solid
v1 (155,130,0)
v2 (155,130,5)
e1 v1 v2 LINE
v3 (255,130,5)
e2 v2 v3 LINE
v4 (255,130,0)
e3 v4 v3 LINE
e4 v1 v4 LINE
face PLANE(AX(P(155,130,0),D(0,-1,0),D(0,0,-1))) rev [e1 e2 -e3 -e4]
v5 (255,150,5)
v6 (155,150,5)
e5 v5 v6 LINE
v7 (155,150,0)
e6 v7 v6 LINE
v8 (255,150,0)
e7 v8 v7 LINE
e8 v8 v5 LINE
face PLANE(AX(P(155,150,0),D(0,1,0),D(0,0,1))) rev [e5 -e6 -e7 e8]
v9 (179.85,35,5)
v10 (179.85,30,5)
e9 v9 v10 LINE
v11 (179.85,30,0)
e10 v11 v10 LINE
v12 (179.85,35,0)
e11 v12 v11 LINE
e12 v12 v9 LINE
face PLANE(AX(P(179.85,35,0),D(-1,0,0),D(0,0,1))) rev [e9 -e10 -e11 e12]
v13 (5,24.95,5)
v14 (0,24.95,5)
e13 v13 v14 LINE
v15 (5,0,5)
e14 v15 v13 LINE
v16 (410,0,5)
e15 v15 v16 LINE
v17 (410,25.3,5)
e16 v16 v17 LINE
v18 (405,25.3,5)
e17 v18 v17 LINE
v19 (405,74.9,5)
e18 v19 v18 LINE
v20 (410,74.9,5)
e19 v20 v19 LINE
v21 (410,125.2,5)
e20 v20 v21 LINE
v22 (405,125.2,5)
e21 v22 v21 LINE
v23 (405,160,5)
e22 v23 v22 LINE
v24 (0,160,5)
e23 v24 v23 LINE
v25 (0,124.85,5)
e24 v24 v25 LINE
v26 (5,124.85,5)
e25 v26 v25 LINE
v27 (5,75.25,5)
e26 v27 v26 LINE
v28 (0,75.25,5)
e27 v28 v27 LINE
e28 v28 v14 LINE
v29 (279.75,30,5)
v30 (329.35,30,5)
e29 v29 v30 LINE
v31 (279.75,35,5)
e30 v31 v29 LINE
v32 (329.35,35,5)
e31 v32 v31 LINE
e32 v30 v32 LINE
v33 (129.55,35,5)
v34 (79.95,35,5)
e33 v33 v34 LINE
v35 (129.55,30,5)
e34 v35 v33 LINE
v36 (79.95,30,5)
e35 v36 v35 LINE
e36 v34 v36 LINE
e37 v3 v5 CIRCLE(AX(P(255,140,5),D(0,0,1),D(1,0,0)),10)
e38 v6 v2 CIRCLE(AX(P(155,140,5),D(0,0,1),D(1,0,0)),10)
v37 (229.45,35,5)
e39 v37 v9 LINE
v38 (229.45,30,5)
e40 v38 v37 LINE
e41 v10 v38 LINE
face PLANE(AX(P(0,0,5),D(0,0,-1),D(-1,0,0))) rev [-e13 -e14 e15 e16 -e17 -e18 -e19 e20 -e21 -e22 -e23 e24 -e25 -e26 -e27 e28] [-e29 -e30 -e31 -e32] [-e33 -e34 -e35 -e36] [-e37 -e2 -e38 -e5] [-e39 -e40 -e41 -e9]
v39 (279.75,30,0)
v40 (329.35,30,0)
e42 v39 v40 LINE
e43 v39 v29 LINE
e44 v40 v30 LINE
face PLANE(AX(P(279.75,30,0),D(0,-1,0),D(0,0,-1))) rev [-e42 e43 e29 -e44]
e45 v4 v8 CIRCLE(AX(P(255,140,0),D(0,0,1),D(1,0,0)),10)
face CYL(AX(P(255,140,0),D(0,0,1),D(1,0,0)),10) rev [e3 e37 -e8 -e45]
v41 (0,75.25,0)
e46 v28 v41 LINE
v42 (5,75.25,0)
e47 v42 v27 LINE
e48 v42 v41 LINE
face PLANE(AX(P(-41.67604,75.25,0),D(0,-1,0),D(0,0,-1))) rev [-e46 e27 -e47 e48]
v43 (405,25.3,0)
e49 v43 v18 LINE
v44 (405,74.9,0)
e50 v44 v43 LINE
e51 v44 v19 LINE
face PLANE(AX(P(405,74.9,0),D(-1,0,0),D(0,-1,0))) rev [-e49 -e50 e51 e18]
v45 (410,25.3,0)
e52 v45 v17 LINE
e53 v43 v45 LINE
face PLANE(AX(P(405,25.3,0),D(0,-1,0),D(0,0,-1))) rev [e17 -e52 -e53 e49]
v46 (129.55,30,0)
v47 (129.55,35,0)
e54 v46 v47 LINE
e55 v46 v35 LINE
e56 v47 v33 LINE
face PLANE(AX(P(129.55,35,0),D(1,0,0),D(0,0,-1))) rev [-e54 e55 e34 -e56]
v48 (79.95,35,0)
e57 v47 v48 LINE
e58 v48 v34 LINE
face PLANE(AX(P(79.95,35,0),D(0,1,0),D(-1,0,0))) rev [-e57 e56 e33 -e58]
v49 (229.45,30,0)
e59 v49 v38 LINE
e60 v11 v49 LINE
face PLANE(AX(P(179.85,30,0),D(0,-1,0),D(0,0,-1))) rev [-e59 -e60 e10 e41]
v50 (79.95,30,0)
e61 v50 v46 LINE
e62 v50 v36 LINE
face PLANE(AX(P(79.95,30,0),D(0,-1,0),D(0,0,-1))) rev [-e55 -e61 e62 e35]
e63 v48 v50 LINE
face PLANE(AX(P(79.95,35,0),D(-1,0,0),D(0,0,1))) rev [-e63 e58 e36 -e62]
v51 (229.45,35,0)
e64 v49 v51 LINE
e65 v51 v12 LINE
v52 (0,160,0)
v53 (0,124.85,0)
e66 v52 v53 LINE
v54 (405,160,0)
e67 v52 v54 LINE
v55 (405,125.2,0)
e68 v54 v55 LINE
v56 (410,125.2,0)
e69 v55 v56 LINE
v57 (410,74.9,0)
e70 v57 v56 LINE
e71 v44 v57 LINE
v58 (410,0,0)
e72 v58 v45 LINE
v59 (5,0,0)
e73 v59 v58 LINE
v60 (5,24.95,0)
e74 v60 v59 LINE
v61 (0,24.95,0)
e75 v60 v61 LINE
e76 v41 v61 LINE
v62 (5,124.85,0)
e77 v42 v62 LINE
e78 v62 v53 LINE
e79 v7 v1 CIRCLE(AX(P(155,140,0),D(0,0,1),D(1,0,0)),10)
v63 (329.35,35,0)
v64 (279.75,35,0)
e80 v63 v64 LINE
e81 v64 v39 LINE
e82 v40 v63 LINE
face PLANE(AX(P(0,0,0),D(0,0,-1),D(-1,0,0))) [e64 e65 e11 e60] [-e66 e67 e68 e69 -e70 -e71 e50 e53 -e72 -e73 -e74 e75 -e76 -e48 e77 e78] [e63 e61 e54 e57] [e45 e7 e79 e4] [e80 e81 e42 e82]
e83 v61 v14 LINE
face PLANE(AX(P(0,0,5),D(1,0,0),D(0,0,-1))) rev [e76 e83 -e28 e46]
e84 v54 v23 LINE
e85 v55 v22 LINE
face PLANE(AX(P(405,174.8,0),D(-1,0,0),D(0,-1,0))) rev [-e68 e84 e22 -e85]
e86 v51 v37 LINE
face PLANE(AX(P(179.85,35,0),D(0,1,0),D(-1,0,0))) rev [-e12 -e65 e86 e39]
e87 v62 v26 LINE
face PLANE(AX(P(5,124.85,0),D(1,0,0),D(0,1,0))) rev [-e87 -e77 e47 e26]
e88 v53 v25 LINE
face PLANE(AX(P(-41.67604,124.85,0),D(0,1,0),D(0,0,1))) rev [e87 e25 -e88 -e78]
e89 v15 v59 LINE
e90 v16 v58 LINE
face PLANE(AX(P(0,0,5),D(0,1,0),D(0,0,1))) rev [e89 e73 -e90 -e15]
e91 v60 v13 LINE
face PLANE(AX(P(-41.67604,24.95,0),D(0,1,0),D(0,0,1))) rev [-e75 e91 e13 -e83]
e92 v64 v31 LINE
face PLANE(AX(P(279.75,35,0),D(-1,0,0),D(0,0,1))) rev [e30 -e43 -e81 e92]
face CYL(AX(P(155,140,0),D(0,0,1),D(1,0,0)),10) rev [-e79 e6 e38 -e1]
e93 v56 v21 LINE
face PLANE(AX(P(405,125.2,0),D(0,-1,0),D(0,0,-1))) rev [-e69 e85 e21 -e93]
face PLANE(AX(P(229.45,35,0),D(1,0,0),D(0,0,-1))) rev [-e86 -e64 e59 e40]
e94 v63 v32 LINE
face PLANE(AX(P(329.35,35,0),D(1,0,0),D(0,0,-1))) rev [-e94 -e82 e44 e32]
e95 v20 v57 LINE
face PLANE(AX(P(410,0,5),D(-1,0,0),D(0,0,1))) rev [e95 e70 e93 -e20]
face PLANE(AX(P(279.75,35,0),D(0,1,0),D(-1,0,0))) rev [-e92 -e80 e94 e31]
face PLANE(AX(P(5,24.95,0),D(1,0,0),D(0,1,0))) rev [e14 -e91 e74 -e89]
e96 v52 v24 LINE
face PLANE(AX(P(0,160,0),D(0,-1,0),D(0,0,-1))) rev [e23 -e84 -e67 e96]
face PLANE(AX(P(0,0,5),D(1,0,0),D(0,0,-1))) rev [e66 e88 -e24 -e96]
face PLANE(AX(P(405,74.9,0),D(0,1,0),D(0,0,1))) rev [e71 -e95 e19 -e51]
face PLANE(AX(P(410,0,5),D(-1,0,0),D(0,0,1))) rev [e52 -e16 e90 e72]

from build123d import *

# Parameters (mm, degrees)
SKIZZE1_W                       = 410
SKIZZE1_H                       = 300
AUFSATZ_LINEAR_AUSTRAGEN1_DEPTH = 5
SKIZZE2_W                       = 46.676040128
SKIZZE2_H                       = 49.6
SCHNITT_LINEAR_AUSTRAGEN1_DEPTH = 5
LINEARES_MUSTER1_COUNT          = 4
LINEARES_MUSTER1_PITCH          = 99.9
SKIZZE3_W                       = 27.663601369
SKIZZE3_H                       = 49.6
SCHNITT_LINEAR_AUSTRAGEN2_DEPTH = 5
LINEARES_MUSTER2_COUNT          = 3
LINEARES_MUSTER2_PITCH          = 99.9
SKIZZE4_W                       = 49.6
SKIZZE4_H                       = 5
SCHNITT_LINEAR_AUSTRAGEN3_DEPTH = 5
LINEARES_MUSTER3_COUNT          = 3
LINEARES_MUSTER3_PITCH          = 99.9
SCHNITT_LINEAR_AUSTRAGEN4_DEPTH = 5


with BuildPart() as part:
    # Skizze1 → Aufsatz-Linear austragen1 (new body)
    with BuildSketch(Plane.XY):
        with Locations((205, 150)):
            Rectangle(SKIZZE1_W, SKIZZE1_H)
    extrude(amount=AUFSATZ_LINEAR_AUSTRAGEN1_DEPTH)

    # Skizze2 → Schnitt-Linear austragen1 (cut)
    with BuildSketch(Plane.XY.offset(5)):
        with Locations((-18.338020064, 299.85)):
            Rectangle(SKIZZE2_W, SKIZZE2_H)
    schnitt_linear_austragen1 = extrude(amount=-SCHNITT_LINEAR_AUSTRAGEN1_DEPTH, mode=Mode.SUBTRACT)

    # Lineares Muster1: Schnitt-Linear austragen1 ×4
    with Locations(*[(0, -i * LINEARES_MUSTER1_PITCH, 0) for i in range(1, LINEARES_MUSTER1_COUNT)]):
        add(schnitt_linear_austragen1, mode=Mode.SUBTRACT)

    # Skizze3 → Schnitt-Linear austragen2 (cut)
    with BuildSketch(Plane.XY.offset(5)):
        with Locations((418.831800685, 249.9)):
            Rectangle(SKIZZE3_W, SKIZZE3_H)
    schnitt_linear_austragen2 = extrude(amount=-SCHNITT_LINEAR_AUSTRAGEN2_DEPTH, mode=Mode.SUBTRACT)

    # Lineares Muster2: Schnitt-Linear austragen2 ×3
    with Locations(*[(0, -i * LINEARES_MUSTER2_PITCH, 0) for i in range(1, LINEARES_MUSTER2_COUNT)]):
        add(schnitt_linear_austragen2, mode=Mode.SUBTRACT)

    # Skizze4 → Schnitt-Linear austragen3 (cut)
    with BuildSketch(Plane.XY.offset(5)):
        with Locations((104.75, 32.5)):
            Rectangle(SKIZZE4_W, SKIZZE4_H)
    schnitt_linear_austragen3 = extrude(amount=-SCHNITT_LINEAR_AUSTRAGEN3_DEPTH, mode=Mode.SUBTRACT)

    # Lineares Muster3: Schnitt-Linear austragen3 ×3
    with Locations(*[(i * LINEARES_MUSTER3_PITCH, 0, 0) for i in range(1, LINEARES_MUSTER3_COUNT)]):
        add(schnitt_linear_austragen3, mode=Mode.SUBTRACT)

    # Skizze5 → Schnitt-Linear austragen4 (cut)
    with BuildSketch(Plane.XY.offset(5)):
        Polygon((0, 160), (405, 160), (496.663114114, 346.337546914), (-27.8257996, 333.824324496), (-27.8257996, 200.492217914), align=None)
        with BuildLine():
            Line((155, 150), (255, 150))
            ThreePointArc((255, 150), (265, 140), (255, 130))
            Line((255, 130), (155, 130))
            ThreePointArc((155, 130), (145, 140), (155, 150))
        make_face()
    extrude(amount=-SCHNITT_LINEAR_AUSTRAGEN4_DEPTH, mode=Mode.SUBTRACT)


solid = part.part
